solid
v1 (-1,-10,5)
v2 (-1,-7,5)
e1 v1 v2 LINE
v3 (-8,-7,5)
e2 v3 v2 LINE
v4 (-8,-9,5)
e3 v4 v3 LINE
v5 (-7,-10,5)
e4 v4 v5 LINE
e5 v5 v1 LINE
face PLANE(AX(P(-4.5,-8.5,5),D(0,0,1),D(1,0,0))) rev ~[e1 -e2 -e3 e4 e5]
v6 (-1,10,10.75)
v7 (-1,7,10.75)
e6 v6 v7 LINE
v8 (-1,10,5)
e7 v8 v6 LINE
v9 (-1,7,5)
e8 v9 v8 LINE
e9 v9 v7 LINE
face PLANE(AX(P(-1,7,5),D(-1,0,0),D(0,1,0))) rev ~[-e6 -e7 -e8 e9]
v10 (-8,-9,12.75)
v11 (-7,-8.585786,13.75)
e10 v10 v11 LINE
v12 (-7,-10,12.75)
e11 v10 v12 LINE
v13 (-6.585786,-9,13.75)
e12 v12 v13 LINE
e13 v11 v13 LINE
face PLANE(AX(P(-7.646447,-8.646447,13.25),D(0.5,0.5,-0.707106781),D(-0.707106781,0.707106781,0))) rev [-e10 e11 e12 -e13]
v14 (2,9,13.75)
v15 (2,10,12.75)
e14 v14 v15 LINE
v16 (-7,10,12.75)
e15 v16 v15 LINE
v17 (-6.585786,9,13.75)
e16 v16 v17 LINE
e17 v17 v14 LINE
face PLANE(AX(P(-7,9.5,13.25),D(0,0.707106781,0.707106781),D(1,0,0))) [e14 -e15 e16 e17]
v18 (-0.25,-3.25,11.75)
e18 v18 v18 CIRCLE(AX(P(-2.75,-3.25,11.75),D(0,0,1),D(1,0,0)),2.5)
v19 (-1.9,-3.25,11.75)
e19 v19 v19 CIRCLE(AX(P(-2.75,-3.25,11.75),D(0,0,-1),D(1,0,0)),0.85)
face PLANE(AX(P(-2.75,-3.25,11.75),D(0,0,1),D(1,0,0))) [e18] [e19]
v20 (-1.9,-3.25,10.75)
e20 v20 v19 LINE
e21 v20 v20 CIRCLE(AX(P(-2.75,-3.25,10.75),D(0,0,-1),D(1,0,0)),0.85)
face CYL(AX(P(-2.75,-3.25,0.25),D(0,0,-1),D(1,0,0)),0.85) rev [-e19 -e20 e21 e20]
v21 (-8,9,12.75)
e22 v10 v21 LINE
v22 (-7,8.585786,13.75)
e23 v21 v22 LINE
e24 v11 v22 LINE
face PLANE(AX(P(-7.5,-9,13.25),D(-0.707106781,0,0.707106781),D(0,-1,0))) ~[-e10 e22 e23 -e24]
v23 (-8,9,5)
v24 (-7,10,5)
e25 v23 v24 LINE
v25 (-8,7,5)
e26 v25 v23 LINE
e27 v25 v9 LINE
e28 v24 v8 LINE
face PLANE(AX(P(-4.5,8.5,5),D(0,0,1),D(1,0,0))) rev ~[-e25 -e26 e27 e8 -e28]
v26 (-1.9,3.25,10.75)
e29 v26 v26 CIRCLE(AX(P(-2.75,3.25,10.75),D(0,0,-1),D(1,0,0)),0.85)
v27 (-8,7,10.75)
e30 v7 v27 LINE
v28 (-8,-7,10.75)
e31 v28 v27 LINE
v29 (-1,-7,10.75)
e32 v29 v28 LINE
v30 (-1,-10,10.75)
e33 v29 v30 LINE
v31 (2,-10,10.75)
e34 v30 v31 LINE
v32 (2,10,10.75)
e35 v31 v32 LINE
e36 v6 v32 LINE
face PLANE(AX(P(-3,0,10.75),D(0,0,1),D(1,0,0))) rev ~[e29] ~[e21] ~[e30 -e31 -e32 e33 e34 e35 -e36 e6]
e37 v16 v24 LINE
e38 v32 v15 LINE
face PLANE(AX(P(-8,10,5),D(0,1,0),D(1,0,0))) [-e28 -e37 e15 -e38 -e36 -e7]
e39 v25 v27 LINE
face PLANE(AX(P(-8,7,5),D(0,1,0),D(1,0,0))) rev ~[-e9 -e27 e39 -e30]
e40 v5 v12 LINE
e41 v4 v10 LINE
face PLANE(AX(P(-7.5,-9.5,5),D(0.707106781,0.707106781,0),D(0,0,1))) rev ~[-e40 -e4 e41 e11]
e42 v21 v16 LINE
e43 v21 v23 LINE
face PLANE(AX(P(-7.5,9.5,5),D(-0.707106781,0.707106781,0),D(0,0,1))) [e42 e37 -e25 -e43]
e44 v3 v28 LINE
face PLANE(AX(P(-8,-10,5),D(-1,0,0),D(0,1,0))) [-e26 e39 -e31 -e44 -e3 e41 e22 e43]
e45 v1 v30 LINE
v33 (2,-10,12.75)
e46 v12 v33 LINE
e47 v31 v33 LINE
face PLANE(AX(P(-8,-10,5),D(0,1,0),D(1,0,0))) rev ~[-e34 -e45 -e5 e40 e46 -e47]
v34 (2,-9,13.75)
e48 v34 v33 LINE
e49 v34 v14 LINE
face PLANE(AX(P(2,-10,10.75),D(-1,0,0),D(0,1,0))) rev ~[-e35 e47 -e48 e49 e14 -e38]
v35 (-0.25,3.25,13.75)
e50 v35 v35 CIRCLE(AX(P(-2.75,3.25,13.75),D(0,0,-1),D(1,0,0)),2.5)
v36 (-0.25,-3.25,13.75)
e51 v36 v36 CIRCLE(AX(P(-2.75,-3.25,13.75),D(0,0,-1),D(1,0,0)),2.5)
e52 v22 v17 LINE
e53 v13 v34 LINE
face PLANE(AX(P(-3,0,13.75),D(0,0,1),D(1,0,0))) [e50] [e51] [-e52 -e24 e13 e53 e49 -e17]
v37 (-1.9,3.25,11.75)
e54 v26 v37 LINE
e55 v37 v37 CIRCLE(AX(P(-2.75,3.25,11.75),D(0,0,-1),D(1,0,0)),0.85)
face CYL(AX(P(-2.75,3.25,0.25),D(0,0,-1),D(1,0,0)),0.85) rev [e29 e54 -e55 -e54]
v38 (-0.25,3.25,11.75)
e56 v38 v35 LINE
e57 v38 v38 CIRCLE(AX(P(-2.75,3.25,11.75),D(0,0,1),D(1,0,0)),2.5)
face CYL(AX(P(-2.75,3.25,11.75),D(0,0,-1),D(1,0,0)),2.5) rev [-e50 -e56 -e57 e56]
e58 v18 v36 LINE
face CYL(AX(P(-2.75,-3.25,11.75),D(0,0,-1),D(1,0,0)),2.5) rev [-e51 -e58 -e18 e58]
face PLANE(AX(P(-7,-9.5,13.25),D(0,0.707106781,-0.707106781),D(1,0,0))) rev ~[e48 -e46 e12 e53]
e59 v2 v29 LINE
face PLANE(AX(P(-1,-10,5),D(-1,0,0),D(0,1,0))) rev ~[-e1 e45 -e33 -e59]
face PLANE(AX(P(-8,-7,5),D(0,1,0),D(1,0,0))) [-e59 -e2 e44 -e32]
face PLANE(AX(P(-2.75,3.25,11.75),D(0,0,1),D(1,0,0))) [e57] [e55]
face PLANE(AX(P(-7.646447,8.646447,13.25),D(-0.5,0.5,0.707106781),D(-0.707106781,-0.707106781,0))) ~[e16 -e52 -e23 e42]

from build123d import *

# Parameters (mm, degrees)
BOX021_W          = 7
BOX021_H          = 3
BOX021_DEPTH      = 7
CHAMFER010_SIZE   = 1
BOX020_W          = 7
BOX020_H          = 3
BOX020_DEPTH      = 7
CHAMFER011_SIZE   = 1
CYLINDER026_R     = 2.5
CYLINDER026_DEPTH = 5
CYLINDER027_R     = 2.5
CYLINDER027_DEPTH = 5
CYLINDER029_R     = 0.85
CYLINDER029_DEPTH = 18
CYLINDER028_R     = 0.85
CYLINDER028_DEPTH = 18
BOX022_W          = 10
BOX022_H          = 20
BOX022_DEPTH      = 3
CHAMFER012_SIZE   = 1
CHAMFER013_SIZE   = 1


with BuildPart() as chamfer010:
    # Box021 → Box021 (new body)
    with BuildSketch(Plane(origin=(-8, 7, 5), x_dir=(1, 0, 0), z_dir=(0, 0, 1))):
        with Locations((3.5, 1.5)):
            Rectangle(BOX021_W, BOX021_H)
    extrude(amount=BOX021_DEPTH)

    # Chamfer010
    chamfer010_edges = [chamfer010.edges().sort_by_distance(p)[0] for p in [
        (-8, 10, 8.5),
    ]]
    chamfer(chamfer010_edges, length=CHAMFER010_SIZE)


with BuildPart() as chamfer011:
    # Box020 → Box020 (new body)
    with BuildSketch(Plane(origin=(-8, -10, 5), x_dir=(1, 0, 0), z_dir=(0, 0, 1))):
        with Locations((3.5, 1.5)):
            Rectangle(BOX020_W, BOX020_H)
    extrude(amount=BOX020_DEPTH)

    # Chamfer011
    chamfer011_edges = [chamfer011.edges().sort_by_distance(p)[0] for p in [
        (-8, -10, 8.5),
    ]]
    chamfer(chamfer011_edges, length=CHAMFER011_SIZE)


with BuildPart() as cylinder026:
    # Cylinder026 → Cylinder026 (new body)
    with BuildSketch(Plane(origin=(-2.75, 3.25, 0), x_dir=(1, 0, 0), z_dir=(0, 0, 1))):
        Circle(CYLINDER026_R)
    extrude(amount=CYLINDER026_DEPTH)


with BuildPart() as fusion001001001011002006:
    # Cylinder027 → Cylinder027 (new body)
    with BuildSketch(Plane(origin=(-2.75, -3.25, 0), x_dir=(1, 0, 0), z_dir=(0, 0, 1))):
        Circle(CYLINDER027_R)
    extrude(amount=CYLINDER027_DEPTH)

    # Fusion001001001011002006: union Cylinder026
    add(cylinder026.part)


with BuildPart() as fusion001001001011002006_1:
    # Fusion001001001011002006 placement: moved
    add(fusion001001001011002006.part.moved(Location((0, 0, 12))))


with BuildPart() as cylinder029:
    # Cylinder029 → Cylinder029 (new body)
    with BuildSketch(Plane(origin=(-2.75, 3.25, 0), x_dir=(1, 0, 0), z_dir=(0, 0, 1))):
        Circle(CYLINDER029_R)
    extrude(amount=CYLINDER029_DEPTH)


with BuildPart() as fusion001001001011002005:
    # Cylinder028 → Cylinder028 (new body)
    with BuildSketch(Plane(origin=(-2.75, -3.25, 0), x_dir=(1, 0, 0), z_dir=(0, 0, 1))):
        Circle(CYLINDER028_R)
    extrude(amount=CYLINDER028_DEPTH)

    # Fusion001001001011002005: union Cylinder029
    add(cylinder029.part)


with BuildPart() as fusion001001001011002004002:
    # Box022 → Box022 (new body)
    with BuildSketch(Plane(origin=(-8, -10, 10.5), x_dir=(1, 0, 0), z_dir=(0, 0, 1))):
        with Locations((5, 10)):
            Rectangle(BOX022_W, BOX022_H)
    extrude(amount=BOX022_DEPTH)

    # Chamfer012
    chamfer012_edges = [fusion001001001011002004002.edges().sort_by_distance(p)[0] for p in [
        (-8, -10, 12),
        (-8, 10, 12),
    ]]
    chamfer(chamfer012_edges, length=CHAMFER012_SIZE)

    # Chamfer013
    chamfer013_edges = [fusion001001001011002004002.edges().sort_by_distance(p)[0] for p in [
        (-8, 0, 13.5),
        (-7.5, -9.5, 13.5),
        (-7.5, 9.5, 13.5),
        (-2.5, -10, 13.5),
        (-2.5, 10, 13.5),
    ]]
    chamfer(chamfer013_edges, length=CHAMFER013_SIZE)

    # Cut002008023012009006003002006002006002004004003: cut Fusion001001001011002005
    add(fusion001001001011002005.part, mode=Mode.SUBTRACT)


with BuildPart() as fusion001001001011002004002_1:
    # Cut002008023012009006003002006002006002004004003 placement: moved
    add(fusion001001001011002004002.part.moved(Location((0, 0, 0.5))))

    # Cut002008023012009006003002006002006002004004004: cut Fusion001001001011002006
    add(fusion001001001011002006_1.part, mode=Mode.SUBTRACT)


with BuildPart() as fusion001001001011002004002_2:
    # Cut002008023012009006003002006002006002004004004 placement: moved
    add(fusion001001001011002004002_1.part.moved(Location((0, 0, -0.25))))

    # Fusion001001001011002004002: union Chamfer010, Chamfer011
    add(chamfer010.part)
    add(chamfer011.part)


solid = fusion001001001011002004002_2.part
